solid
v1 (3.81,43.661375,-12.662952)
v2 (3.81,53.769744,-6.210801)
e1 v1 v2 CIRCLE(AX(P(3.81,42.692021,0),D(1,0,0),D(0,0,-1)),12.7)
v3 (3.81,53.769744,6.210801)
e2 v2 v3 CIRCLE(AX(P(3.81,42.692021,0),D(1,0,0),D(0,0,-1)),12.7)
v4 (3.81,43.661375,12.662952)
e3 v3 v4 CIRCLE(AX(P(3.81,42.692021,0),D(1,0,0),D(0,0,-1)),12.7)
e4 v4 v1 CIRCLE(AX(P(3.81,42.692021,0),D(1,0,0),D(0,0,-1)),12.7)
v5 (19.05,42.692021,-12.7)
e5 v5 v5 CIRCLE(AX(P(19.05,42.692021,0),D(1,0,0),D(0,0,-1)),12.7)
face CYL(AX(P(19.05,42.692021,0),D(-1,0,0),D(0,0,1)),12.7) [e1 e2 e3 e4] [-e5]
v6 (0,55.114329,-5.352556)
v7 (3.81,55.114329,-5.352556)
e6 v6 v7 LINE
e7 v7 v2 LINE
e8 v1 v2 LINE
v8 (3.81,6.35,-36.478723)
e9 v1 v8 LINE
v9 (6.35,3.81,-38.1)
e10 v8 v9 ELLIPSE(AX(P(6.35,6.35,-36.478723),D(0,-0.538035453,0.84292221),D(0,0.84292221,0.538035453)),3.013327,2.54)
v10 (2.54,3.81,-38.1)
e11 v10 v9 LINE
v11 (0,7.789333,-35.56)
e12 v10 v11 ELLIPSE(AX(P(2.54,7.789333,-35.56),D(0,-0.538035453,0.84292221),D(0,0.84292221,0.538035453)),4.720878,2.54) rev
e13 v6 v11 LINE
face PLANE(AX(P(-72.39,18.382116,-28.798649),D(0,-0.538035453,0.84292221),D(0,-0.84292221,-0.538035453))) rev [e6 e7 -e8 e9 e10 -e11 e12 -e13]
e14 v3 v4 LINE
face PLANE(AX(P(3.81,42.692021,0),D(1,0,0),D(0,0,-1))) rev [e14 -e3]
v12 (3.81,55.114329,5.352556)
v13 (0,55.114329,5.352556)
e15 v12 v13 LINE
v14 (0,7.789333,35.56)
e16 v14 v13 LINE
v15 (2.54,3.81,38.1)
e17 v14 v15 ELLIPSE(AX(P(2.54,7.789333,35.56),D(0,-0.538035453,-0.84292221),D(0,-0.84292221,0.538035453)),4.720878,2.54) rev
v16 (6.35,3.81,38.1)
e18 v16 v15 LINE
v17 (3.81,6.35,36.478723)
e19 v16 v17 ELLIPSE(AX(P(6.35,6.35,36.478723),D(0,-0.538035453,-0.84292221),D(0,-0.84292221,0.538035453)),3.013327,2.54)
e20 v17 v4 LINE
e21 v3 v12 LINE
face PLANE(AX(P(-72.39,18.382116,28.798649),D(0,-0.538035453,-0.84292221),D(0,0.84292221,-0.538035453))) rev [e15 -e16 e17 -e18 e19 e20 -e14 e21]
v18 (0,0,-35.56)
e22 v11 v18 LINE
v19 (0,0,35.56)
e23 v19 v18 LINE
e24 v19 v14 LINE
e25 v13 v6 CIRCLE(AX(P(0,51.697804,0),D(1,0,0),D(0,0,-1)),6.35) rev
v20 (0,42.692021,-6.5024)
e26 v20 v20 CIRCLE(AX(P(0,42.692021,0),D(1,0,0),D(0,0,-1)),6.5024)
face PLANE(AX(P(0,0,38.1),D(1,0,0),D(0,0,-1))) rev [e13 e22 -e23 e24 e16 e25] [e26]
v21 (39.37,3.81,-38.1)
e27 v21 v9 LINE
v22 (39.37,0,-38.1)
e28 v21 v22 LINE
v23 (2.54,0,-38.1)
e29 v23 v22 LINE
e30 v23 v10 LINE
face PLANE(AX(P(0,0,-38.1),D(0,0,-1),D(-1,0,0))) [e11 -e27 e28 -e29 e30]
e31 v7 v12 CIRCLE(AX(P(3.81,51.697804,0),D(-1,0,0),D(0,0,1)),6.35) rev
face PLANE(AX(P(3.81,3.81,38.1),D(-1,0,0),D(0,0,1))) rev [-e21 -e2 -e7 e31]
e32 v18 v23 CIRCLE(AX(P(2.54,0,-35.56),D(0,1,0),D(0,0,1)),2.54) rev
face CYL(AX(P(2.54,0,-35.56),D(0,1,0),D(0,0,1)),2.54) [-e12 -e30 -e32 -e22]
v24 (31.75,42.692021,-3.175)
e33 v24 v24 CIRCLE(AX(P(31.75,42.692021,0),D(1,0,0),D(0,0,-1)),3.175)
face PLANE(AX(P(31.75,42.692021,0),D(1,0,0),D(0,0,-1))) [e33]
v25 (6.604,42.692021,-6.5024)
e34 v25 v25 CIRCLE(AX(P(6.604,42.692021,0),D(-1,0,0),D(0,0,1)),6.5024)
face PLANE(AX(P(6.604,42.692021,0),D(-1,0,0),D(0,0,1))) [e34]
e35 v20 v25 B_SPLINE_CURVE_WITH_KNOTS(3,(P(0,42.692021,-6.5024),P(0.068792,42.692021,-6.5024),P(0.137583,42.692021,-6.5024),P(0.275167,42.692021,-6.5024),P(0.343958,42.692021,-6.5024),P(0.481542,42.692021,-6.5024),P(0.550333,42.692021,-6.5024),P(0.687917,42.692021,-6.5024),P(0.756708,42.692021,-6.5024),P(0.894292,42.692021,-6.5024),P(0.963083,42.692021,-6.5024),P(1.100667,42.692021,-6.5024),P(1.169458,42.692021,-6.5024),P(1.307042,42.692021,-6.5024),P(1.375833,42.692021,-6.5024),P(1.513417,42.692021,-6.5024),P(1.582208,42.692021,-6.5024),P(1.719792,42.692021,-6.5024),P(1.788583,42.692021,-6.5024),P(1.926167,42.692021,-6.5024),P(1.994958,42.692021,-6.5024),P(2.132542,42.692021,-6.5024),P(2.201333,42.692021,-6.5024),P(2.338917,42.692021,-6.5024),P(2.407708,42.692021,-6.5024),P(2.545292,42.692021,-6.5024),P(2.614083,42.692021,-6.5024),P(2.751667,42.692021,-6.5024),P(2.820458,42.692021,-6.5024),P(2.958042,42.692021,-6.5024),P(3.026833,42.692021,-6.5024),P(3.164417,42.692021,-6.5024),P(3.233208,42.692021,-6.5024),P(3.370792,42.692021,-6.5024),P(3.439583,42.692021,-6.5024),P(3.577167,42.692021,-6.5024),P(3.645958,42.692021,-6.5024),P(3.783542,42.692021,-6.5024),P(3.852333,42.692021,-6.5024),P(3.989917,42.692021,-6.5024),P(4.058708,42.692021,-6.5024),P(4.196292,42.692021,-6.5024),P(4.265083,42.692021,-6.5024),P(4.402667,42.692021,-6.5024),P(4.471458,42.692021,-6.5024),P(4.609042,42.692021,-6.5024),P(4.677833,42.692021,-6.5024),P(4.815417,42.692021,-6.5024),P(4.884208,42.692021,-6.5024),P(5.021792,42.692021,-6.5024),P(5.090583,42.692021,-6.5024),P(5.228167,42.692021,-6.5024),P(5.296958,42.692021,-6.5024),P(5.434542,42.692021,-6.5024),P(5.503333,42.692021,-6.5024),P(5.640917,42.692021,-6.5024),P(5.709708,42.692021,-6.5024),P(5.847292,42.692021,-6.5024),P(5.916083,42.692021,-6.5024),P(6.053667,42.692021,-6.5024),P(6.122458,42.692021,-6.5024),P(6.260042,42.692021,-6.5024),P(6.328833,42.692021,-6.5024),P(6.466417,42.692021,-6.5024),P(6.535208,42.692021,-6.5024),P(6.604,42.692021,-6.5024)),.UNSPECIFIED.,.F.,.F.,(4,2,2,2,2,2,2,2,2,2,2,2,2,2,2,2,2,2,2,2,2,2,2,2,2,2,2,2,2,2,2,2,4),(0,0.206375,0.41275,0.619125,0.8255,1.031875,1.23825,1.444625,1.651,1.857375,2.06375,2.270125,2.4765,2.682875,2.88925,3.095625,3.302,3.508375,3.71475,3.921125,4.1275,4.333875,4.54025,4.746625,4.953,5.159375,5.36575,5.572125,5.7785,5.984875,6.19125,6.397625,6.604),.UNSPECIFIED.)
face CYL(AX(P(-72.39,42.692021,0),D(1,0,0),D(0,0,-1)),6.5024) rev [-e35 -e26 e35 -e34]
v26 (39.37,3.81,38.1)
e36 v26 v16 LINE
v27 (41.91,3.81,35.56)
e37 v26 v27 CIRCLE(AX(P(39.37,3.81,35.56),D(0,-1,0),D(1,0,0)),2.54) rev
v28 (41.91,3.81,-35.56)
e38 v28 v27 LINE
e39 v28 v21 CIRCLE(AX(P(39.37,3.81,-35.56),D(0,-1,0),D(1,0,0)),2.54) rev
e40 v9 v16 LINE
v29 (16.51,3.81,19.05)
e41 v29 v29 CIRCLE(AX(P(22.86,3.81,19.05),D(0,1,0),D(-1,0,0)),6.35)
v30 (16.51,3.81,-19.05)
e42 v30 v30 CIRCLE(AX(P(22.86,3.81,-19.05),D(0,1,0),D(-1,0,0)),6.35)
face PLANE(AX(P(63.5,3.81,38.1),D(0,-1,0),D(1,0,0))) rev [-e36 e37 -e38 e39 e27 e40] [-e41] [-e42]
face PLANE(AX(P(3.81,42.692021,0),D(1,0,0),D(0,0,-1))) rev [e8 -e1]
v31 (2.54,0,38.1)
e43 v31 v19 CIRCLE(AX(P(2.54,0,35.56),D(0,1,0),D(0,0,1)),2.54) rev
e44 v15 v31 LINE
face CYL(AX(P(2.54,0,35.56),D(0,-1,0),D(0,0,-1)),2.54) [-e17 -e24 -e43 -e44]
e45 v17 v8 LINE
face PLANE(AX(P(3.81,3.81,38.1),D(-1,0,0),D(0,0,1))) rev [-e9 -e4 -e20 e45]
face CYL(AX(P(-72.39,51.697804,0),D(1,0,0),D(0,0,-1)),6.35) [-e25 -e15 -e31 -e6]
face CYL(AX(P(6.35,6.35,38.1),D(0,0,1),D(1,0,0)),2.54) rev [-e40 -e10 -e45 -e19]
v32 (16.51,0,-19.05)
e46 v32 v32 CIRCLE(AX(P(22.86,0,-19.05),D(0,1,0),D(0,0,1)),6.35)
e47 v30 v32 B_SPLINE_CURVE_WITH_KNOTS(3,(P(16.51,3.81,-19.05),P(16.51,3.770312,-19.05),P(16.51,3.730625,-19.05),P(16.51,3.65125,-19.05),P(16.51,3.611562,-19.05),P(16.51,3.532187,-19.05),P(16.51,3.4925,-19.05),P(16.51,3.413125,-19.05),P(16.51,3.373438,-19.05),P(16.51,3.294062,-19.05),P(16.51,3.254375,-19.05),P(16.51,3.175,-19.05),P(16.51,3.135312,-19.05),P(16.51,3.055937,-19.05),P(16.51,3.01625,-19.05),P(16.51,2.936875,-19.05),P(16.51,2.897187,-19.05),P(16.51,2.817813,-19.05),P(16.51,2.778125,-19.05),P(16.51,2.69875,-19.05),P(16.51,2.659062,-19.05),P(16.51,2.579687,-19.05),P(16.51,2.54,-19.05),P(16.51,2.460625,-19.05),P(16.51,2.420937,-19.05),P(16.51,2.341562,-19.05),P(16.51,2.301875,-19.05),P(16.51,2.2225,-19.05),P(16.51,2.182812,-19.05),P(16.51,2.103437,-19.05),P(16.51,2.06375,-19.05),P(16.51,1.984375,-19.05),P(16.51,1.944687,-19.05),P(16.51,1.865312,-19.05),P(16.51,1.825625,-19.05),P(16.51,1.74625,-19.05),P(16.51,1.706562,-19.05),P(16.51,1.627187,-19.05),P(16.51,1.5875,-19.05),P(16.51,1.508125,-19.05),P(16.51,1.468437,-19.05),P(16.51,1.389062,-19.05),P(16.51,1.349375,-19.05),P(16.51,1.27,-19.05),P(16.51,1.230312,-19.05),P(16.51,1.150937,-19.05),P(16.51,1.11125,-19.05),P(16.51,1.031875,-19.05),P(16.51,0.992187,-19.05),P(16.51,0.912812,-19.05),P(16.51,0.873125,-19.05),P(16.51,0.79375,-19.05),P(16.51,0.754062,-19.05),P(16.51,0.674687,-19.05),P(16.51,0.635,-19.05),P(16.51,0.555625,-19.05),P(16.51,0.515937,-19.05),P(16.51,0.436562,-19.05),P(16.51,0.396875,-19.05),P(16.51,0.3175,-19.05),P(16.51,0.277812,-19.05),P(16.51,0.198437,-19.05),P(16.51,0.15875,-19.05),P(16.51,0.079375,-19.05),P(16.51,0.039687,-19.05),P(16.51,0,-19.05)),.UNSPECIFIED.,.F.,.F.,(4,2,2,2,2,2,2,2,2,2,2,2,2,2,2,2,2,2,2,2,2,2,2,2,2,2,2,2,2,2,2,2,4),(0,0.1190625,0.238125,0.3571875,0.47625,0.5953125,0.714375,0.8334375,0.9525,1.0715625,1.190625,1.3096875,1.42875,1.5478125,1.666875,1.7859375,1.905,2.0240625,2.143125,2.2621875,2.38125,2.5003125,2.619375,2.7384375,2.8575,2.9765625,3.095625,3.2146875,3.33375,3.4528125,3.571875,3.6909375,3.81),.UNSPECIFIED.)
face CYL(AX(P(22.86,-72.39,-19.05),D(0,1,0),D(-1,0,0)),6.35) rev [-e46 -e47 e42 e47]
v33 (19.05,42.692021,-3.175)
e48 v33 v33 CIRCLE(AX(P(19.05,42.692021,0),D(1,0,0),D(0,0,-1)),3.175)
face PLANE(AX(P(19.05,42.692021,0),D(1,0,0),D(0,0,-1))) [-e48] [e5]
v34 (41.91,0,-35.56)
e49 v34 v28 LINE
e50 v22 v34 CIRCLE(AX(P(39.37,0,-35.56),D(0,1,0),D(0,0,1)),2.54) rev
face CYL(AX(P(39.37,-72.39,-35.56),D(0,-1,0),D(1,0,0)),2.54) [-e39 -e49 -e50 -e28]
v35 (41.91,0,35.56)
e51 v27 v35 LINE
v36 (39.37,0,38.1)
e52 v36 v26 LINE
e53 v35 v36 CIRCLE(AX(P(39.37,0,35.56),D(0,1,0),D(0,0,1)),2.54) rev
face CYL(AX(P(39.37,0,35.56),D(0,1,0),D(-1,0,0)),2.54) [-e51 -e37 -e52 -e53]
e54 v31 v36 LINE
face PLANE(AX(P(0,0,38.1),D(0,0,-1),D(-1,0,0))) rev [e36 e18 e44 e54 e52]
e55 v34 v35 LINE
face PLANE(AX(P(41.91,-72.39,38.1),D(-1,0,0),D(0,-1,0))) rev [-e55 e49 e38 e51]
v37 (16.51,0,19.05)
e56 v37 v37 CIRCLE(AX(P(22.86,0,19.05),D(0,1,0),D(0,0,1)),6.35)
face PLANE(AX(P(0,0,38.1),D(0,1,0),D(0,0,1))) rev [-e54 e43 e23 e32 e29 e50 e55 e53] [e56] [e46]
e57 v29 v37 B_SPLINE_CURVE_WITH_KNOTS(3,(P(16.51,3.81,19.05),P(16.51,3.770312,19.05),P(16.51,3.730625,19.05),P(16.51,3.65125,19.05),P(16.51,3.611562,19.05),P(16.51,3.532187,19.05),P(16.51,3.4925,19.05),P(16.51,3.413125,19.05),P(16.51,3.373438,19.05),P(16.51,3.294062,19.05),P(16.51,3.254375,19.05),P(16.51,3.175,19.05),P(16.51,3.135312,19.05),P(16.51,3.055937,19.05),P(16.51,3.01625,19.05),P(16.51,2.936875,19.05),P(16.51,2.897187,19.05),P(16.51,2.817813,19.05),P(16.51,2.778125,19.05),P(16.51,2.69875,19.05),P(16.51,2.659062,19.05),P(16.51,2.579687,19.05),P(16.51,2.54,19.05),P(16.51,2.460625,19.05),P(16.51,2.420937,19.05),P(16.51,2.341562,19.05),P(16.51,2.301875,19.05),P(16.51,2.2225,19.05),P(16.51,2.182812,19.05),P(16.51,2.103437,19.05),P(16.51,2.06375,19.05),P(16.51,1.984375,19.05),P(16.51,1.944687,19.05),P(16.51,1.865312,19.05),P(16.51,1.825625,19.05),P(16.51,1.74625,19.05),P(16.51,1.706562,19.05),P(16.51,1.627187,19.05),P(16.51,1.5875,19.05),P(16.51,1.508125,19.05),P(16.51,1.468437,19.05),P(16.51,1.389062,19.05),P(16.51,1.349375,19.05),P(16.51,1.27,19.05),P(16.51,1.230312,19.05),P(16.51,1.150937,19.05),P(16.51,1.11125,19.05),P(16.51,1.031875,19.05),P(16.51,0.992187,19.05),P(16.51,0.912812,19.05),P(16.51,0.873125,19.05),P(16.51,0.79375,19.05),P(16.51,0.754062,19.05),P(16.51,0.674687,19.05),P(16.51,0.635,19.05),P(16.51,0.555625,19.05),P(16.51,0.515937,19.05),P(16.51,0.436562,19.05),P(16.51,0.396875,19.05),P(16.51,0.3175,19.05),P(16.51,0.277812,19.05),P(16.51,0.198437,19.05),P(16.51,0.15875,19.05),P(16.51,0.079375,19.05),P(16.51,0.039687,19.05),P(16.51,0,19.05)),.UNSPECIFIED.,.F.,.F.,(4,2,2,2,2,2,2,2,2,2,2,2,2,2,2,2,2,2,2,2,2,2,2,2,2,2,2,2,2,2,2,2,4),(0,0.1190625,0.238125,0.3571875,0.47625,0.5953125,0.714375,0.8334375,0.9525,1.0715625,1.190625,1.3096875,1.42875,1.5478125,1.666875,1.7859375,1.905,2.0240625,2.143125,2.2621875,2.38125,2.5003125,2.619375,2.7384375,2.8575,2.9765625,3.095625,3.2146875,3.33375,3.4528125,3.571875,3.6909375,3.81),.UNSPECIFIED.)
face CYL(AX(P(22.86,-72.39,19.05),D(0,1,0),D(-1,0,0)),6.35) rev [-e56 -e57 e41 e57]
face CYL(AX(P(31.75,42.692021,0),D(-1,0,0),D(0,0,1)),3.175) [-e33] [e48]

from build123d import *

# Parameters (mm, degrees)
BOSS_EXTRUDE1_DEPTH = 38.1
CUT_EXTRUDE2_DEPTH  = 76.2
FILLET1_R           = 6.35
SKETCH10_W          = 21.59
SKETCH10_H          = 76.2
CUT_EXTRUDE3_DEPTH  = 76.2
FILLET2_R           = 2.54
FILLET3_R           = 2.54
SKETCH11_R          = 6.5024
CUT_EXTRUDE4_DEPTH  = 76.2
SKETCH12_R          = 6.35
CUT_EXTRUDE5_DEPTH  = 76.2
SKETCH13_R          = 12.7
BOSS_EXTRUDE2_DEPTH = 15.24
CUT_EXTRUDE6_START  = -6.604
SKETCH17_R          = 6.5024
CUT_EXTRUDE6_DEPTH  = 6.604
SKETCH18_R          = 3.175
BOSS_EXTRUDE3_DEPTH = 12.7


with BuildPart() as part:
    # Sketch7 → Boss-Extrude1 (new, symmetric)
    with BuildSketch(Plane.XY):
        Polygon((0, 0), (0, 63.5), (3.81, 63.5), (3.81, 3.81), (63.5, 3.81), (63.5, 0), align=None)
    extrude(amount=BOSS_EXTRUDE1_DEPTH, both=True)

    # Sketch8 → Cut-Extrude2 (cut)
    with BuildSketch(Plane(origin=(3.81, 0, 0), x_dir=(0, 0, -1), z_dir=(1, 0, 0))):
        Polygon((-38.1, 63.5), (-38.1, 3.81), (0, 63.5), align=None)
        Polygon((38.1, 63.5), (0, 63.5), (38.1, 3.81), align=None)
    extrude(amount=-CUT_EXTRUDE2_DEPTH, mode=Mode.SUBTRACT)

    # Fillet1
    fillet1_edges = [part.edges().sort_by_distance(p)[0] for p in [
        (1.905, 63.5, 0),
    ]]
    fillet(fillet1_edges, radius=FILLET1_R)

    # Sketch10 → Cut-Extrude3 (cut)
    with BuildSketch(Plane(origin=(0, 3.81, 0), x_dir=(1, 0, 0), z_dir=(0, 1, 0))):
        with Locations((52.705, 0)):
            Rectangle(SKETCH10_W, SKETCH10_H)
    extrude(amount=-CUT_EXTRUDE3_DEPTH, mode=Mode.SUBTRACT)

    # Fillet2
    fillet2_edges = [part.edges().sort_by_distance(p)[0] for p in [
        (0, 1.905, 38.1),
        (0, 1.905, -38.1),
        (41.91, 1.905, -38.1),
        (41.91, 1.905, 38.1),
    ]]
    fillet(fillet2_edges, radius=FILLET2_R)

    # Fillet3
    fillet3_edges = [part.edges().sort_by_distance(p)[0] for p in [
        (3.81, 3.81, 0),
    ]]
    fillet(fillet3_edges, radius=FILLET3_R)

    # Sketch11 → Cut-Extrude4 (cut)
    with BuildSketch(Plane(origin=(3.81, 0, 0), x_dir=(0, 0, -1), z_dir=(1, 0, 0))):
        with Locations((0, 42.692021475)):
            Circle(SKETCH11_R)
    extrude(amount=-CUT_EXTRUDE4_DEPTH, mode=Mode.SUBTRACT)

    # Sketch12 → Cut-Extrude5 (cut)
    with BuildSketch(Plane(origin=(0, 3.81, 0), x_dir=(1, 0, 0), z_dir=(0, 1, 0))):
        with Locations(Location((22.86, 19.05, 0), (0, 0, 180))):
            Circle(SKETCH12_R)
        with Locations(Location((22.86, -19.05, 0), (0, 0, 180))):
            Circle(SKETCH12_R)
    extrude(amount=-CUT_EXTRUDE5_DEPTH, mode=Mode.SUBTRACT)

    # Sketch13 → Boss-Extrude2 (add)
    with BuildSketch(Plane(origin=(3.81, 0, 0), x_dir=(0, 0, -1), z_dir=(1, 0, 0))):
        with Locations(Location((0, 42.692021475, 0), (0, 0, 175.622523878))):
            Circle(SKETCH13_R)
    extrude(amount=BOSS_EXTRUDE2_DEPTH)

    # Sketch17 → Cut-Extrude6 (cut)
    with BuildSketch(Plane.ZY.offset(CUT_EXTRUDE6_START)):
        with Locations(Location((0, 42.692021475, 0), (0, 0, 180))):
            Circle(SKETCH17_R)
    extrude(amount=CUT_EXTRUDE6_DEPTH, mode=Mode.SUBTRACT)

    # Sketch18 → Boss-Extrude3 (add)
    with BuildSketch(Plane(origin=(19.05, 0, 0), x_dir=(0, 0, -1), z_dir=(1, 0, 0))):
        with Locations((0, 42.692021475)):
            Circle(SKETCH18_R)
    extrude(amount=BOSS_EXTRUDE3_DEPTH)


solid = part.part
